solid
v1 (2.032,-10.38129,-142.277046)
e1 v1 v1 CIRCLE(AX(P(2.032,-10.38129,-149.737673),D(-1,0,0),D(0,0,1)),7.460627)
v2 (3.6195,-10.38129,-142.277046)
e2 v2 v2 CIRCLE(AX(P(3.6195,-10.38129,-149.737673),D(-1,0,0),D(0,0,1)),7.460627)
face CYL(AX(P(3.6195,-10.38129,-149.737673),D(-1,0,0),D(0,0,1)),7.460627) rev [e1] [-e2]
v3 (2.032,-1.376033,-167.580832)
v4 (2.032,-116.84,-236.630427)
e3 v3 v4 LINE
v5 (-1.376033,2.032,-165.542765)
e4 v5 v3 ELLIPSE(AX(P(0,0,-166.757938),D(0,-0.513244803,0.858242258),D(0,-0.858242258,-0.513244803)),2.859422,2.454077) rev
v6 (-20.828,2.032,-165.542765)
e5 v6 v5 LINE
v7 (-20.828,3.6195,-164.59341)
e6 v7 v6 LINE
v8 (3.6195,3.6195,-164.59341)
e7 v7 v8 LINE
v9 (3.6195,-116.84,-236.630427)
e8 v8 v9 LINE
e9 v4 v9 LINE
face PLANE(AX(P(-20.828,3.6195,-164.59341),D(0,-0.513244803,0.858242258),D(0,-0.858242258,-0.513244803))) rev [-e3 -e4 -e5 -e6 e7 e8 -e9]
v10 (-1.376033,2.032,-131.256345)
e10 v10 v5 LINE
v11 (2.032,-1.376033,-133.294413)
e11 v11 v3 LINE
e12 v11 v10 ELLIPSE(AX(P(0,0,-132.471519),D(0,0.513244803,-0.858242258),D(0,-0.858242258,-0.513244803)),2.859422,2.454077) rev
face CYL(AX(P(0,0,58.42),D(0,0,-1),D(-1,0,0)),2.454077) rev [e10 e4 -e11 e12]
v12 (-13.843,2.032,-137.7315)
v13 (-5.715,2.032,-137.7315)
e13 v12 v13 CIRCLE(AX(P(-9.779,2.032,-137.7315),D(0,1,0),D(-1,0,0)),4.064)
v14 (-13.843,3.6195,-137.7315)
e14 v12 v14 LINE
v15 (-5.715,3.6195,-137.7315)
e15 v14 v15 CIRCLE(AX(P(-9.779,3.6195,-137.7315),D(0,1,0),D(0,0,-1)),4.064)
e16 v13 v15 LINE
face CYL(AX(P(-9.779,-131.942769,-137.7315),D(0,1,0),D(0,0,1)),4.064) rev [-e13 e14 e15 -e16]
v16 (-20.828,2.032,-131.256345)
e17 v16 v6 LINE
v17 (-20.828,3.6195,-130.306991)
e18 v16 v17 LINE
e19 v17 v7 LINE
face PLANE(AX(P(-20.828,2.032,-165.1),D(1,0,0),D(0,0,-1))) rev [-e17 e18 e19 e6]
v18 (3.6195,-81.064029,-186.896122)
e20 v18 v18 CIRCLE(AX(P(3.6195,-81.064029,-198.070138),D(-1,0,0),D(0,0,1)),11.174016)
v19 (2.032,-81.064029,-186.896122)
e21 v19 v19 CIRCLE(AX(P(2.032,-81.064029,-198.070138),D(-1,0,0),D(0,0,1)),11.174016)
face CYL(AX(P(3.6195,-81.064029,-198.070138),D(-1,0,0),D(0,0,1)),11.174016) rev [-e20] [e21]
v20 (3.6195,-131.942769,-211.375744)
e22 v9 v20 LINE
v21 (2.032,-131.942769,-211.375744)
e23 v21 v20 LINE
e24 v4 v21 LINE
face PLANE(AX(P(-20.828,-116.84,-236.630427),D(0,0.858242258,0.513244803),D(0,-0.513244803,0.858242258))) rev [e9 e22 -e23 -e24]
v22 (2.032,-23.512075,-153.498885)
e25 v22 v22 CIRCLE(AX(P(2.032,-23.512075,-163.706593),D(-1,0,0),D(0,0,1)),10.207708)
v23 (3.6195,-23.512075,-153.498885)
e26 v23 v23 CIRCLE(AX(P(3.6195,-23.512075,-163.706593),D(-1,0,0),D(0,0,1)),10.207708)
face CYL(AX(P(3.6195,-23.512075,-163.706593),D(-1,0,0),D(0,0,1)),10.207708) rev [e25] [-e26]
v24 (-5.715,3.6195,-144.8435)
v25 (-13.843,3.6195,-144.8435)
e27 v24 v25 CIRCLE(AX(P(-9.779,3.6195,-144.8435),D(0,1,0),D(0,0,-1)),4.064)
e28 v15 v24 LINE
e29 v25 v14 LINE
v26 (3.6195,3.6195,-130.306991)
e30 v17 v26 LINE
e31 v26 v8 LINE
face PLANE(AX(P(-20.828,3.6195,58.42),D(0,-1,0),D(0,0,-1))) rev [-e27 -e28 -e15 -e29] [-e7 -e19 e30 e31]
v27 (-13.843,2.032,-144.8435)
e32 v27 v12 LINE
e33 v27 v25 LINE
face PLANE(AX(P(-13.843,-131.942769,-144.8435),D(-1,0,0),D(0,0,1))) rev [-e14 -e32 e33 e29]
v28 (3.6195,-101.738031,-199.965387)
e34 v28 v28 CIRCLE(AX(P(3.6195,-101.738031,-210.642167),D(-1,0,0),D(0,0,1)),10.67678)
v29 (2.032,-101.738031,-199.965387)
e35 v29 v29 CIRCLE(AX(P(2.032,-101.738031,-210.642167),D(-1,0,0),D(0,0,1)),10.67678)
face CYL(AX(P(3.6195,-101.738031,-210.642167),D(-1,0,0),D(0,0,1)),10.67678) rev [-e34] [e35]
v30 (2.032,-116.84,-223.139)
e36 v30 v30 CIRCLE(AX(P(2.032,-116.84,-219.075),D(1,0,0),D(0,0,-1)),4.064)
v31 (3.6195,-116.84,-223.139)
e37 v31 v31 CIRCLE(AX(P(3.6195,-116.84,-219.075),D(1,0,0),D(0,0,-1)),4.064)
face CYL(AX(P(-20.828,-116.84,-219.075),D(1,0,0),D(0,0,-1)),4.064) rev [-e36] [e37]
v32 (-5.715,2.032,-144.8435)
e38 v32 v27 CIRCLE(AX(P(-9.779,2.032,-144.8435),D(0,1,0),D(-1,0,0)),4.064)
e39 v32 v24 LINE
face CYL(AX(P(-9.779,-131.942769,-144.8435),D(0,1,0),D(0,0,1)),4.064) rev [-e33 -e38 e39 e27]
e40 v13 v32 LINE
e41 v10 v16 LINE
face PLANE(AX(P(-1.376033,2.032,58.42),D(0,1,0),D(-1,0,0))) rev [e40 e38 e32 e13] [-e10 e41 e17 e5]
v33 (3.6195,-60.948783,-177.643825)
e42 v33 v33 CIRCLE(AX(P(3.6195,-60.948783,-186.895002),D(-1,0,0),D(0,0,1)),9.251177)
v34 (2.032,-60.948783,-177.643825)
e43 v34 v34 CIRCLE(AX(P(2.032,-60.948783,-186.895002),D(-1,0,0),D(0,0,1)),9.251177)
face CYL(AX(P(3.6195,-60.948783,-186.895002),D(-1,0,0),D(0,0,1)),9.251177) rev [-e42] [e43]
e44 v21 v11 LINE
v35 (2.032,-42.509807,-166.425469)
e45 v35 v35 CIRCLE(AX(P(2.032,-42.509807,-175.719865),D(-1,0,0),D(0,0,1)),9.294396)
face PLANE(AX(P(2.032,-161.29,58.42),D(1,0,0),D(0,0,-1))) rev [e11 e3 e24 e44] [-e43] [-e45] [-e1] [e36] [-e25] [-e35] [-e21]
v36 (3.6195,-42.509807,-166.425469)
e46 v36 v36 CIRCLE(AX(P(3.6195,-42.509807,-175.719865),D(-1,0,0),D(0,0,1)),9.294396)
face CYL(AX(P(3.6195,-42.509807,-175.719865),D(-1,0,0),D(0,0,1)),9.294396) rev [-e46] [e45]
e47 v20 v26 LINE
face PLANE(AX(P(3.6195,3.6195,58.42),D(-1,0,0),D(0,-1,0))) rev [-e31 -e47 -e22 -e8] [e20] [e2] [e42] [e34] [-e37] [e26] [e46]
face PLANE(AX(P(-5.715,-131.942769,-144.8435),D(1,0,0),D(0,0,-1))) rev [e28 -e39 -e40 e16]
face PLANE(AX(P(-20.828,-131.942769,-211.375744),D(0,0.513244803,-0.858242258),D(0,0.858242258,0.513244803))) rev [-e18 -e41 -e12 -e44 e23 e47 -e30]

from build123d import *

# Parameters (mm, degrees)
SKETCH1_R                = 4.064
BOSS_EXTRUDE1_DEPTH      = 2.032
SKETCH2_R                = 4.064
BOSS_EXTRUDE2_DEPTH      = 2.032
FILLET1_R                = 2.032
BOSS_EXTRUDE3_DEPTH      = 58.42
BOSS_EXTRUDE3_DEPTH_BACK = 239.395
CUT_EXTRUDE1_DEPTH       = 1
CUT_EXTRUDE1_DEPTH_BACK  = 483.6
CUT_EXTRUDE2_DEPTH       = 25.4475
SKETCH7_R                = 4.064
CUT_EXTRUDE3_DEPTH       = 25.4475
SKETCH8_R                = 4.064
CUT_EXTRUDE4_DEPTH       = 136.562269206
SKETCH10_R               = 10.67677981
SKETCH10_R_2             = 9.251177106
SKETCH10_R_3             = 9.294395921
SKETCH10_R_4             = 10.207707861
SKETCH10_R_5             = 7.460626698
SKETCH10_R_6             = 11.174016497
CUT_EXTRUDE5_DEPTH       = 2.5875


with BuildPart() as part:
    # Sketch1 → Boss-Extrude1 (new body)
    with BuildSketch(Plane(origin=(0, 0, 0), x_dir=(0, 0, -1), z_dir=(1, 0, 0))):
        Polygon((-193.675, 0), (193.675, 0), (239.395, -132.715), (239.395, -161.29), (-243.205, -161.29), (-243.205, -132.715), align=None)
        with Locations((219.075, -116.84)):
            Circle(SKETCH1_R, mode=Mode.SUBTRACT)
    extrude(amount=BOSS_EXTRUDE1_DEPTH)

    # Sketch2 → Boss-Extrude2 (add)
    with BuildSketch(Plane(origin=(0, 0, 0), x_dir=(1, 0, 0), z_dir=(0, 1, 0))):
        Polygon((2.032, -193.675), (2.032, 193.675), (0, 193.675), (-20.828, 165.1), (-20.828, -165.1), (0, -193.675), align=None)
        with Locations((-9.779, -32.7025)):
            Circle(SKETCH2_R, mode=Mode.SUBTRACT)
        with BuildLine():
            Line((-13.843, 144.8435), (-13.843, 137.7315))
            ThreePointArc((-13.843, 137.7315), (-9.779, 133.6675), (-5.715, 137.7315))
            Line((-5.715, 137.7315), (-5.715, 144.8435))
            ThreePointArc((-5.715, 144.8435), (-9.779, 148.9075), (-13.843, 144.8435))
        make_face(mode=Mode.SUBTRACT)
    extrude(amount=BOSS_EXTRUDE2_DEPTH)

    # Fillet1
    fillet1_edges = [part.edges().sort_by_distance(p)[0] for p in [
        (2.032, 2.032, 0),
    ]]
    fillet(fillet1_edges, radius=FILLET1_R)

    # Sketch3 → Boss-Extrude3 (add, two sides)
    with BuildSketch(Plane.XY) as boss_extrude3_sk:
        with BuildLine():
            Line((-1.376033354, 2.032), (-20.828, 2.032))
            Line((-20.828, 2.032), (-20.828, 3.6195))
            Line((-20.828, 3.6195), (3.6195, 3.6195))
            Line((3.6195, 3.6195), (3.6195, -161.29))
            Line((3.6195, -161.29), (2.032, -161.29))
            Line((2.032, -161.29), (2.032, -132.715))
            Line((2.032, -132.715), (2.032, -1.376033354))
            ThreePointArc((2.032, -1.376033354), (1.735294181, 1.735294181), (-1.376033354, 2.032))
        make_face()
    extrude(amount=BOSS_EXTRUDE3_DEPTH)
    extrude(boss_extrude3_sk.sketch, amount=-BOSS_EXTRUDE3_DEPTH_BACK)

    # Sketch4 → Cut-Extrude1 (cut, two sides)
    with BuildSketch(Plane(origin=(0, 0, -239.395), x_dir=(-1, 0, 0), z_dir=(0, 0, -1))) as cut_extrude1_sk:
        with BuildLine():
            Line((0, -161.29), (44.263147165, -161.29))
            Line((44.263147165, -161.29), (44.263147165, 7.390927462))
            Line((44.263147165, 7.390927462), (27.636319643, 7.390927462))
            Line((27.636319643, 7.390927462), (27.636319643, 2.032))
            Line((27.636319643, 2.032), (1.376033354, 2.032))
            ThreePointArc((1.376033354, 2.032), (-1.735294181, 1.735294181), (-2.032, -1.376033354))
            Line((-2.032, -1.376033354), (-2.032, -132.715))
            Line((-2.032, -132.715), (-2.032, -161.29))
            Line((-2.032, -161.29), (0, -161.29))
        make_face()
    extrude(amount=CUT_EXTRUDE1_DEPTH, mode=Mode.SUBTRACT)
    extrude(cut_extrude1_sk.sketch, amount=-CUT_EXTRUDE1_DEPTH_BACK, mode=Mode.SUBTRACT)

    # Sketch6 → Cut-Extrude2 (cut, through all)
    with BuildSketch(Plane(origin=(3.6195, 0, 0), x_dir=(0, 0, -1), z_dir=(1, 0, 0))):
        Polygon((164.593410128, 3.6195), (236.630427362, -116.84), (211.375744463, -131.942769206), (130.306990873, 3.6195), (-58.42, 3.6195), (-58.42, -161.29), (239.395, -161.29), (239.395, 3.6195), align=None)
    extrude(amount=-CUT_EXTRUDE2_DEPTH, mode=Mode.SUBTRACT)

    # Sketch7 → Cut-Extrude3 (cut, through all)
    with BuildSketch(Plane(origin=(3.6195, 0, 0), x_dir=(0, 0, -1), z_dir=(1, 0, 0))):
        with Locations((219.075, -116.84)):
            Circle(SKETCH7_R)
    extrude(amount=-CUT_EXTRUDE3_DEPTH, mode=Mode.SUBTRACT)

    # Sketch8 → Cut-Extrude4 (cut, through all)
    with BuildSketch(Plane(origin=(0, 3.6195, 0), x_dir=(1, 0, 0), z_dir=(0, 1, 0))):
        with Locations((-9.779, -32.7025)):
            Circle(SKETCH8_R)
        with BuildLine():
            Line((-13.843, 144.8435), (-13.843, 137.7315))
            ThreePointArc((-13.843, 137.7315), (-9.779, 133.6675), (-5.715, 137.7315))
            Line((-5.715, 137.7315), (-5.715, 144.8435))
            ThreePointArc((-5.715, 144.8435), (-9.779, 148.9075), (-13.843, 144.8435))
        make_face()
    extrude(amount=-CUT_EXTRUDE4_DEPTH, mode=Mode.SUBTRACT)

    # Sketch10 → Cut-Extrude5 (cut, through all)
    with BuildSketch(Plane.ZY.offset(-2.032)):
        with Locations((-210.642167036, -101.738031393)):
            Circle(SKETCH10_R)
        with Locations((-186.895001779, -60.948782833)):
            Circle(SKETCH10_R_2)
        with Locations((-175.719865187, -42.509807457)):
            Circle(SKETCH10_R_3)
        with Locations((-163.706593351, -23.512075251)):
            Circle(SKETCH10_R_4)
        with Locations((-149.737672611, -10.381289755)):
            Circle(SKETCH10_R_5)
        with Locations((-198.07013837, -81.064028698)):
            Circle(SKETCH10_R_6)
    extrude(amount=-CUT_EXTRUDE5_DEPTH, mode=Mode.SUBTRACT)


solid = part.part
